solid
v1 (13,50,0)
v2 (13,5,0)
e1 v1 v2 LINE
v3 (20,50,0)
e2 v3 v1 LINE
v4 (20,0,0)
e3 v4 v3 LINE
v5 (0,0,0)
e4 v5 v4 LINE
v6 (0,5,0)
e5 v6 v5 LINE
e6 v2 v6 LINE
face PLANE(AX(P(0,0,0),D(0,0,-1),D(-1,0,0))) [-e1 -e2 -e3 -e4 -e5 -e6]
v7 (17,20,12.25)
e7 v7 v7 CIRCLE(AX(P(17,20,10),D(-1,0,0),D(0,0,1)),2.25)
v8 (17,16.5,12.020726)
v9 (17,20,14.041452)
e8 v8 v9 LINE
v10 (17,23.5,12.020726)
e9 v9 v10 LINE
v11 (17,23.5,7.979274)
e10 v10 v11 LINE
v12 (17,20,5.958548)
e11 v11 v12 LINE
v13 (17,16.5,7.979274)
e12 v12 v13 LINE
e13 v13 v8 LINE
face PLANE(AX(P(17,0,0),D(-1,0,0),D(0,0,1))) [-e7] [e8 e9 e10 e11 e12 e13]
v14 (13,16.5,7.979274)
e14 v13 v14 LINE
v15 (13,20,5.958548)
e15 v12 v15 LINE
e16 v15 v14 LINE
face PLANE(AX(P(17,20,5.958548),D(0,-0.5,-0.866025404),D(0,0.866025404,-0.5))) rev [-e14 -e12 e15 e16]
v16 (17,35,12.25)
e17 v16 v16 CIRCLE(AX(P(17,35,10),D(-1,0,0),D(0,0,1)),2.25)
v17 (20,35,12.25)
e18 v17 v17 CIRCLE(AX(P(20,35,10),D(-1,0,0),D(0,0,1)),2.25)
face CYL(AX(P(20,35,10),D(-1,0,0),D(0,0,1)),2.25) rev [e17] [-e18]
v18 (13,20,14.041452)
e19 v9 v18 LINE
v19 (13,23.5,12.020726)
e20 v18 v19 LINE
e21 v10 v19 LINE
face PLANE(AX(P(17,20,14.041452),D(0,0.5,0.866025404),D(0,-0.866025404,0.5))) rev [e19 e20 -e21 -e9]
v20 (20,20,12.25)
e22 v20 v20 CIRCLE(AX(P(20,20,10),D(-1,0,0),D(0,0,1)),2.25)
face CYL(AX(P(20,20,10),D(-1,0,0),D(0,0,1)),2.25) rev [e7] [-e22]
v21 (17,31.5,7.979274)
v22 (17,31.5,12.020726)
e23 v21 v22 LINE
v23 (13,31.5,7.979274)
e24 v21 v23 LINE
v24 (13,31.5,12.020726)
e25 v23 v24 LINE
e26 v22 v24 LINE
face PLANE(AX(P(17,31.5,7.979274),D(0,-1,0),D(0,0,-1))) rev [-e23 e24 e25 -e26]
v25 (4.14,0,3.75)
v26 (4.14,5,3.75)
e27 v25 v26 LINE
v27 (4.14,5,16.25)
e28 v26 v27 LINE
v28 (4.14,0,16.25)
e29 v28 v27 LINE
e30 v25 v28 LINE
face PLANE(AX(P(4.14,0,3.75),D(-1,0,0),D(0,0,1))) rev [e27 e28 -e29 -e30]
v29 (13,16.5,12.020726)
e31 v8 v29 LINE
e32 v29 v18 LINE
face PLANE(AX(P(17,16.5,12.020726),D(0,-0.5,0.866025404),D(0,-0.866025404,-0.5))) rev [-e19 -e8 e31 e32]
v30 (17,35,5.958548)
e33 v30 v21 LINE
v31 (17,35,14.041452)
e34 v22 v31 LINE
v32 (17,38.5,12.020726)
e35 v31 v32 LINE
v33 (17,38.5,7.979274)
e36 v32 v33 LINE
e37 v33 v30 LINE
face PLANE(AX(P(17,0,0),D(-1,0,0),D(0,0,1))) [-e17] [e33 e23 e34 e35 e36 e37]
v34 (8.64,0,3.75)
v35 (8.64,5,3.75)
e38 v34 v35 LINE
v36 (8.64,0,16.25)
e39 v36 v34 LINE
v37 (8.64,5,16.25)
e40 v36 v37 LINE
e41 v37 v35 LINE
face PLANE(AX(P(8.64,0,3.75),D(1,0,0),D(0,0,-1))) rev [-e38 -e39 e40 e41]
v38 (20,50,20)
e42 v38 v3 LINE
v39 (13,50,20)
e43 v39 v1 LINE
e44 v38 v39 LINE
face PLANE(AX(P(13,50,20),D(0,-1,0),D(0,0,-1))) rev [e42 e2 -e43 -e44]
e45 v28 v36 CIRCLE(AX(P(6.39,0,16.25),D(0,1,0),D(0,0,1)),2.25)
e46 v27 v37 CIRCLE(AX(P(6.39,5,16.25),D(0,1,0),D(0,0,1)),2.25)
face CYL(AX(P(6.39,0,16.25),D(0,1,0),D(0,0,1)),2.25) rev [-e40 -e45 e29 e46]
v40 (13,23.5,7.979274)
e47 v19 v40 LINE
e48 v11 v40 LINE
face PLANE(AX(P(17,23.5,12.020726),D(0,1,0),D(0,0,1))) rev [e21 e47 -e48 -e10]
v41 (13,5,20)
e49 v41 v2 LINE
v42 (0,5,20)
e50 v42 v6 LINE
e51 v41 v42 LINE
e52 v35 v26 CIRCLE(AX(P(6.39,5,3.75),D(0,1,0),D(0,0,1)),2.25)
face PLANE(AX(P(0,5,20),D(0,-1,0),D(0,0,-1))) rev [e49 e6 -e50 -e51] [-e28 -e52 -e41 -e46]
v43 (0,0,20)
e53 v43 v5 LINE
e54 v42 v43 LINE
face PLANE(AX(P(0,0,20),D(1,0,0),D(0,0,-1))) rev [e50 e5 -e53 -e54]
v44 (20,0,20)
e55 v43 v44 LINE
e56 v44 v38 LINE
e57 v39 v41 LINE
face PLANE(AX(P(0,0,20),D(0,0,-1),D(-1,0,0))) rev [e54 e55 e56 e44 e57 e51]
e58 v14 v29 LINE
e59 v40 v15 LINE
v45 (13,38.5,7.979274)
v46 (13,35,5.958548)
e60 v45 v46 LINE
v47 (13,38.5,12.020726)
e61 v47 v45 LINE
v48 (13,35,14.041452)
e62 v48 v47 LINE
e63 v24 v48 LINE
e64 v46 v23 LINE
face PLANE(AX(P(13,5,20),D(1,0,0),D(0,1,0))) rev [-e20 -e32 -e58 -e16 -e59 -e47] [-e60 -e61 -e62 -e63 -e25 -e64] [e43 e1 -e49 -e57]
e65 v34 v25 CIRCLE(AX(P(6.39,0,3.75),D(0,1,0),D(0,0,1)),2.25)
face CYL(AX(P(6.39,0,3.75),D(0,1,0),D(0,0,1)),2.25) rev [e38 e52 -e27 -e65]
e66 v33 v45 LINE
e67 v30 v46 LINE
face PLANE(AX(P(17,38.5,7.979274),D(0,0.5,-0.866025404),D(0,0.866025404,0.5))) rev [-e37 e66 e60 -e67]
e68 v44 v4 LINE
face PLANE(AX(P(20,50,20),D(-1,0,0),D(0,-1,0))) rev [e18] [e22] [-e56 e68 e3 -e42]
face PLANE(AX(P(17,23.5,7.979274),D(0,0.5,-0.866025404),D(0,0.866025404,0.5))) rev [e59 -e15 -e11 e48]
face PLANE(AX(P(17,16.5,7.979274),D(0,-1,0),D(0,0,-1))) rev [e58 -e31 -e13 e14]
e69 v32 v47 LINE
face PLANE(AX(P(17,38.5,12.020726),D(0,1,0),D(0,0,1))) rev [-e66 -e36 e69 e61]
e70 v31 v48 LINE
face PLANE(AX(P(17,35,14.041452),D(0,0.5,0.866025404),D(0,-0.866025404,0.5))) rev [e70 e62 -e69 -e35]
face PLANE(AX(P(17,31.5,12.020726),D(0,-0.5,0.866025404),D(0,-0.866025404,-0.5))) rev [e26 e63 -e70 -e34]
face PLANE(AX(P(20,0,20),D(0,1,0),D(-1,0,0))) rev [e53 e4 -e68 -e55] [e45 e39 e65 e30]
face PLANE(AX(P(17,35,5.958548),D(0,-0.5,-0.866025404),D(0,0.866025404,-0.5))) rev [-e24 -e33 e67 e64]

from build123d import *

# Parameters (mm, degrees)
RESSALTO_EXTRUS_O1_DEPTH = 20
CORTE_EXTRUS_O1_DEPTH    = 54.150729064
ESBO_O3_R                = 2.25
CORTE_EXTRUS_O2_DEPTH    = 56.398555938
ESBO_O3_3_R              = 2.25
CUT_EXTRUDE1_DEPTH       = 4


with BuildPart() as part:
    # Esboço1 → Ressalto-extrusão1 (new body)
    with BuildSketch(Plane.XY):
        Polygon((0, 0), (0, 5), (13, 5), (13, 50), (20, 50), (20, 0), align=None)
    extrude(amount=RESSALTO_EXTRUS_O1_DEPTH)

    # Esboço2 → Corte-extrusão1 (cut, through all)
    with BuildSketch(Plane(origin=(0, 5, 0), x_dir=(1, 0, 0), z_dir=(0, 1, 0))):
        with BuildLine():
            Line((8.64, -3.75), (8.64, -16.25))
            ThreePointArc((8.64, -16.25), (6.39, -18.5), (4.14, -16.25))
            Line((4.14, -16.25), (4.14, -3.75))
            ThreePointArc((4.14, -3.75), (6.39, -1.5), (8.64, -3.75))
        make_face()
    extrude(amount=-CORTE_EXTRUS_O1_DEPTH, mode=Mode.SUBTRACT)

    # Esboço3 → Corte-extrusão2 (cut, through all)
    with BuildSketch(Plane.ZY.offset(-13)):
        with Locations((10, 35)):
            Circle(ESBO_O3_R)
        with Locations((10, 20)):
            Circle(ESBO_O3_R)
    extrude(amount=-CORTE_EXTRUS_O2_DEPTH, mode=Mode.SUBTRACT)

    # Esboço3<3> → Cut-Extrude1 (cut)
    # profile 1 of 2: a face of its own
    with BuildSketch(Plane.ZY.offset(-13)):
        Polygon((5.958548116, 20), (7.979274058, 16.5), (12.020725942, 16.5), (14.041451884, 20), (12.020725942, 23.5), (7.979274058, 23.5), align=None)
        with Locations((10, 20)):
            Circle(ESBO_O3_3_R, mode=Mode.SUBTRACT)
    # profile 2 of 2: a face of its own
    with BuildSketch(Plane.ZY.offset(-13)):
        Polygon((5.958548116, 35), (7.979274058, 31.5), (12.020725942, 31.5), (14.041451884, 35), (12.020725942, 38.5), (7.979274058, 38.5), align=None)
        with Locations((10, 35)):
            Circle(ESBO_O3_3_R, mode=Mode.SUBTRACT)
    extrude(amount=-CUT_EXTRUDE1_DEPTH, mode=Mode.SUBTRACT)


solid = part.part
